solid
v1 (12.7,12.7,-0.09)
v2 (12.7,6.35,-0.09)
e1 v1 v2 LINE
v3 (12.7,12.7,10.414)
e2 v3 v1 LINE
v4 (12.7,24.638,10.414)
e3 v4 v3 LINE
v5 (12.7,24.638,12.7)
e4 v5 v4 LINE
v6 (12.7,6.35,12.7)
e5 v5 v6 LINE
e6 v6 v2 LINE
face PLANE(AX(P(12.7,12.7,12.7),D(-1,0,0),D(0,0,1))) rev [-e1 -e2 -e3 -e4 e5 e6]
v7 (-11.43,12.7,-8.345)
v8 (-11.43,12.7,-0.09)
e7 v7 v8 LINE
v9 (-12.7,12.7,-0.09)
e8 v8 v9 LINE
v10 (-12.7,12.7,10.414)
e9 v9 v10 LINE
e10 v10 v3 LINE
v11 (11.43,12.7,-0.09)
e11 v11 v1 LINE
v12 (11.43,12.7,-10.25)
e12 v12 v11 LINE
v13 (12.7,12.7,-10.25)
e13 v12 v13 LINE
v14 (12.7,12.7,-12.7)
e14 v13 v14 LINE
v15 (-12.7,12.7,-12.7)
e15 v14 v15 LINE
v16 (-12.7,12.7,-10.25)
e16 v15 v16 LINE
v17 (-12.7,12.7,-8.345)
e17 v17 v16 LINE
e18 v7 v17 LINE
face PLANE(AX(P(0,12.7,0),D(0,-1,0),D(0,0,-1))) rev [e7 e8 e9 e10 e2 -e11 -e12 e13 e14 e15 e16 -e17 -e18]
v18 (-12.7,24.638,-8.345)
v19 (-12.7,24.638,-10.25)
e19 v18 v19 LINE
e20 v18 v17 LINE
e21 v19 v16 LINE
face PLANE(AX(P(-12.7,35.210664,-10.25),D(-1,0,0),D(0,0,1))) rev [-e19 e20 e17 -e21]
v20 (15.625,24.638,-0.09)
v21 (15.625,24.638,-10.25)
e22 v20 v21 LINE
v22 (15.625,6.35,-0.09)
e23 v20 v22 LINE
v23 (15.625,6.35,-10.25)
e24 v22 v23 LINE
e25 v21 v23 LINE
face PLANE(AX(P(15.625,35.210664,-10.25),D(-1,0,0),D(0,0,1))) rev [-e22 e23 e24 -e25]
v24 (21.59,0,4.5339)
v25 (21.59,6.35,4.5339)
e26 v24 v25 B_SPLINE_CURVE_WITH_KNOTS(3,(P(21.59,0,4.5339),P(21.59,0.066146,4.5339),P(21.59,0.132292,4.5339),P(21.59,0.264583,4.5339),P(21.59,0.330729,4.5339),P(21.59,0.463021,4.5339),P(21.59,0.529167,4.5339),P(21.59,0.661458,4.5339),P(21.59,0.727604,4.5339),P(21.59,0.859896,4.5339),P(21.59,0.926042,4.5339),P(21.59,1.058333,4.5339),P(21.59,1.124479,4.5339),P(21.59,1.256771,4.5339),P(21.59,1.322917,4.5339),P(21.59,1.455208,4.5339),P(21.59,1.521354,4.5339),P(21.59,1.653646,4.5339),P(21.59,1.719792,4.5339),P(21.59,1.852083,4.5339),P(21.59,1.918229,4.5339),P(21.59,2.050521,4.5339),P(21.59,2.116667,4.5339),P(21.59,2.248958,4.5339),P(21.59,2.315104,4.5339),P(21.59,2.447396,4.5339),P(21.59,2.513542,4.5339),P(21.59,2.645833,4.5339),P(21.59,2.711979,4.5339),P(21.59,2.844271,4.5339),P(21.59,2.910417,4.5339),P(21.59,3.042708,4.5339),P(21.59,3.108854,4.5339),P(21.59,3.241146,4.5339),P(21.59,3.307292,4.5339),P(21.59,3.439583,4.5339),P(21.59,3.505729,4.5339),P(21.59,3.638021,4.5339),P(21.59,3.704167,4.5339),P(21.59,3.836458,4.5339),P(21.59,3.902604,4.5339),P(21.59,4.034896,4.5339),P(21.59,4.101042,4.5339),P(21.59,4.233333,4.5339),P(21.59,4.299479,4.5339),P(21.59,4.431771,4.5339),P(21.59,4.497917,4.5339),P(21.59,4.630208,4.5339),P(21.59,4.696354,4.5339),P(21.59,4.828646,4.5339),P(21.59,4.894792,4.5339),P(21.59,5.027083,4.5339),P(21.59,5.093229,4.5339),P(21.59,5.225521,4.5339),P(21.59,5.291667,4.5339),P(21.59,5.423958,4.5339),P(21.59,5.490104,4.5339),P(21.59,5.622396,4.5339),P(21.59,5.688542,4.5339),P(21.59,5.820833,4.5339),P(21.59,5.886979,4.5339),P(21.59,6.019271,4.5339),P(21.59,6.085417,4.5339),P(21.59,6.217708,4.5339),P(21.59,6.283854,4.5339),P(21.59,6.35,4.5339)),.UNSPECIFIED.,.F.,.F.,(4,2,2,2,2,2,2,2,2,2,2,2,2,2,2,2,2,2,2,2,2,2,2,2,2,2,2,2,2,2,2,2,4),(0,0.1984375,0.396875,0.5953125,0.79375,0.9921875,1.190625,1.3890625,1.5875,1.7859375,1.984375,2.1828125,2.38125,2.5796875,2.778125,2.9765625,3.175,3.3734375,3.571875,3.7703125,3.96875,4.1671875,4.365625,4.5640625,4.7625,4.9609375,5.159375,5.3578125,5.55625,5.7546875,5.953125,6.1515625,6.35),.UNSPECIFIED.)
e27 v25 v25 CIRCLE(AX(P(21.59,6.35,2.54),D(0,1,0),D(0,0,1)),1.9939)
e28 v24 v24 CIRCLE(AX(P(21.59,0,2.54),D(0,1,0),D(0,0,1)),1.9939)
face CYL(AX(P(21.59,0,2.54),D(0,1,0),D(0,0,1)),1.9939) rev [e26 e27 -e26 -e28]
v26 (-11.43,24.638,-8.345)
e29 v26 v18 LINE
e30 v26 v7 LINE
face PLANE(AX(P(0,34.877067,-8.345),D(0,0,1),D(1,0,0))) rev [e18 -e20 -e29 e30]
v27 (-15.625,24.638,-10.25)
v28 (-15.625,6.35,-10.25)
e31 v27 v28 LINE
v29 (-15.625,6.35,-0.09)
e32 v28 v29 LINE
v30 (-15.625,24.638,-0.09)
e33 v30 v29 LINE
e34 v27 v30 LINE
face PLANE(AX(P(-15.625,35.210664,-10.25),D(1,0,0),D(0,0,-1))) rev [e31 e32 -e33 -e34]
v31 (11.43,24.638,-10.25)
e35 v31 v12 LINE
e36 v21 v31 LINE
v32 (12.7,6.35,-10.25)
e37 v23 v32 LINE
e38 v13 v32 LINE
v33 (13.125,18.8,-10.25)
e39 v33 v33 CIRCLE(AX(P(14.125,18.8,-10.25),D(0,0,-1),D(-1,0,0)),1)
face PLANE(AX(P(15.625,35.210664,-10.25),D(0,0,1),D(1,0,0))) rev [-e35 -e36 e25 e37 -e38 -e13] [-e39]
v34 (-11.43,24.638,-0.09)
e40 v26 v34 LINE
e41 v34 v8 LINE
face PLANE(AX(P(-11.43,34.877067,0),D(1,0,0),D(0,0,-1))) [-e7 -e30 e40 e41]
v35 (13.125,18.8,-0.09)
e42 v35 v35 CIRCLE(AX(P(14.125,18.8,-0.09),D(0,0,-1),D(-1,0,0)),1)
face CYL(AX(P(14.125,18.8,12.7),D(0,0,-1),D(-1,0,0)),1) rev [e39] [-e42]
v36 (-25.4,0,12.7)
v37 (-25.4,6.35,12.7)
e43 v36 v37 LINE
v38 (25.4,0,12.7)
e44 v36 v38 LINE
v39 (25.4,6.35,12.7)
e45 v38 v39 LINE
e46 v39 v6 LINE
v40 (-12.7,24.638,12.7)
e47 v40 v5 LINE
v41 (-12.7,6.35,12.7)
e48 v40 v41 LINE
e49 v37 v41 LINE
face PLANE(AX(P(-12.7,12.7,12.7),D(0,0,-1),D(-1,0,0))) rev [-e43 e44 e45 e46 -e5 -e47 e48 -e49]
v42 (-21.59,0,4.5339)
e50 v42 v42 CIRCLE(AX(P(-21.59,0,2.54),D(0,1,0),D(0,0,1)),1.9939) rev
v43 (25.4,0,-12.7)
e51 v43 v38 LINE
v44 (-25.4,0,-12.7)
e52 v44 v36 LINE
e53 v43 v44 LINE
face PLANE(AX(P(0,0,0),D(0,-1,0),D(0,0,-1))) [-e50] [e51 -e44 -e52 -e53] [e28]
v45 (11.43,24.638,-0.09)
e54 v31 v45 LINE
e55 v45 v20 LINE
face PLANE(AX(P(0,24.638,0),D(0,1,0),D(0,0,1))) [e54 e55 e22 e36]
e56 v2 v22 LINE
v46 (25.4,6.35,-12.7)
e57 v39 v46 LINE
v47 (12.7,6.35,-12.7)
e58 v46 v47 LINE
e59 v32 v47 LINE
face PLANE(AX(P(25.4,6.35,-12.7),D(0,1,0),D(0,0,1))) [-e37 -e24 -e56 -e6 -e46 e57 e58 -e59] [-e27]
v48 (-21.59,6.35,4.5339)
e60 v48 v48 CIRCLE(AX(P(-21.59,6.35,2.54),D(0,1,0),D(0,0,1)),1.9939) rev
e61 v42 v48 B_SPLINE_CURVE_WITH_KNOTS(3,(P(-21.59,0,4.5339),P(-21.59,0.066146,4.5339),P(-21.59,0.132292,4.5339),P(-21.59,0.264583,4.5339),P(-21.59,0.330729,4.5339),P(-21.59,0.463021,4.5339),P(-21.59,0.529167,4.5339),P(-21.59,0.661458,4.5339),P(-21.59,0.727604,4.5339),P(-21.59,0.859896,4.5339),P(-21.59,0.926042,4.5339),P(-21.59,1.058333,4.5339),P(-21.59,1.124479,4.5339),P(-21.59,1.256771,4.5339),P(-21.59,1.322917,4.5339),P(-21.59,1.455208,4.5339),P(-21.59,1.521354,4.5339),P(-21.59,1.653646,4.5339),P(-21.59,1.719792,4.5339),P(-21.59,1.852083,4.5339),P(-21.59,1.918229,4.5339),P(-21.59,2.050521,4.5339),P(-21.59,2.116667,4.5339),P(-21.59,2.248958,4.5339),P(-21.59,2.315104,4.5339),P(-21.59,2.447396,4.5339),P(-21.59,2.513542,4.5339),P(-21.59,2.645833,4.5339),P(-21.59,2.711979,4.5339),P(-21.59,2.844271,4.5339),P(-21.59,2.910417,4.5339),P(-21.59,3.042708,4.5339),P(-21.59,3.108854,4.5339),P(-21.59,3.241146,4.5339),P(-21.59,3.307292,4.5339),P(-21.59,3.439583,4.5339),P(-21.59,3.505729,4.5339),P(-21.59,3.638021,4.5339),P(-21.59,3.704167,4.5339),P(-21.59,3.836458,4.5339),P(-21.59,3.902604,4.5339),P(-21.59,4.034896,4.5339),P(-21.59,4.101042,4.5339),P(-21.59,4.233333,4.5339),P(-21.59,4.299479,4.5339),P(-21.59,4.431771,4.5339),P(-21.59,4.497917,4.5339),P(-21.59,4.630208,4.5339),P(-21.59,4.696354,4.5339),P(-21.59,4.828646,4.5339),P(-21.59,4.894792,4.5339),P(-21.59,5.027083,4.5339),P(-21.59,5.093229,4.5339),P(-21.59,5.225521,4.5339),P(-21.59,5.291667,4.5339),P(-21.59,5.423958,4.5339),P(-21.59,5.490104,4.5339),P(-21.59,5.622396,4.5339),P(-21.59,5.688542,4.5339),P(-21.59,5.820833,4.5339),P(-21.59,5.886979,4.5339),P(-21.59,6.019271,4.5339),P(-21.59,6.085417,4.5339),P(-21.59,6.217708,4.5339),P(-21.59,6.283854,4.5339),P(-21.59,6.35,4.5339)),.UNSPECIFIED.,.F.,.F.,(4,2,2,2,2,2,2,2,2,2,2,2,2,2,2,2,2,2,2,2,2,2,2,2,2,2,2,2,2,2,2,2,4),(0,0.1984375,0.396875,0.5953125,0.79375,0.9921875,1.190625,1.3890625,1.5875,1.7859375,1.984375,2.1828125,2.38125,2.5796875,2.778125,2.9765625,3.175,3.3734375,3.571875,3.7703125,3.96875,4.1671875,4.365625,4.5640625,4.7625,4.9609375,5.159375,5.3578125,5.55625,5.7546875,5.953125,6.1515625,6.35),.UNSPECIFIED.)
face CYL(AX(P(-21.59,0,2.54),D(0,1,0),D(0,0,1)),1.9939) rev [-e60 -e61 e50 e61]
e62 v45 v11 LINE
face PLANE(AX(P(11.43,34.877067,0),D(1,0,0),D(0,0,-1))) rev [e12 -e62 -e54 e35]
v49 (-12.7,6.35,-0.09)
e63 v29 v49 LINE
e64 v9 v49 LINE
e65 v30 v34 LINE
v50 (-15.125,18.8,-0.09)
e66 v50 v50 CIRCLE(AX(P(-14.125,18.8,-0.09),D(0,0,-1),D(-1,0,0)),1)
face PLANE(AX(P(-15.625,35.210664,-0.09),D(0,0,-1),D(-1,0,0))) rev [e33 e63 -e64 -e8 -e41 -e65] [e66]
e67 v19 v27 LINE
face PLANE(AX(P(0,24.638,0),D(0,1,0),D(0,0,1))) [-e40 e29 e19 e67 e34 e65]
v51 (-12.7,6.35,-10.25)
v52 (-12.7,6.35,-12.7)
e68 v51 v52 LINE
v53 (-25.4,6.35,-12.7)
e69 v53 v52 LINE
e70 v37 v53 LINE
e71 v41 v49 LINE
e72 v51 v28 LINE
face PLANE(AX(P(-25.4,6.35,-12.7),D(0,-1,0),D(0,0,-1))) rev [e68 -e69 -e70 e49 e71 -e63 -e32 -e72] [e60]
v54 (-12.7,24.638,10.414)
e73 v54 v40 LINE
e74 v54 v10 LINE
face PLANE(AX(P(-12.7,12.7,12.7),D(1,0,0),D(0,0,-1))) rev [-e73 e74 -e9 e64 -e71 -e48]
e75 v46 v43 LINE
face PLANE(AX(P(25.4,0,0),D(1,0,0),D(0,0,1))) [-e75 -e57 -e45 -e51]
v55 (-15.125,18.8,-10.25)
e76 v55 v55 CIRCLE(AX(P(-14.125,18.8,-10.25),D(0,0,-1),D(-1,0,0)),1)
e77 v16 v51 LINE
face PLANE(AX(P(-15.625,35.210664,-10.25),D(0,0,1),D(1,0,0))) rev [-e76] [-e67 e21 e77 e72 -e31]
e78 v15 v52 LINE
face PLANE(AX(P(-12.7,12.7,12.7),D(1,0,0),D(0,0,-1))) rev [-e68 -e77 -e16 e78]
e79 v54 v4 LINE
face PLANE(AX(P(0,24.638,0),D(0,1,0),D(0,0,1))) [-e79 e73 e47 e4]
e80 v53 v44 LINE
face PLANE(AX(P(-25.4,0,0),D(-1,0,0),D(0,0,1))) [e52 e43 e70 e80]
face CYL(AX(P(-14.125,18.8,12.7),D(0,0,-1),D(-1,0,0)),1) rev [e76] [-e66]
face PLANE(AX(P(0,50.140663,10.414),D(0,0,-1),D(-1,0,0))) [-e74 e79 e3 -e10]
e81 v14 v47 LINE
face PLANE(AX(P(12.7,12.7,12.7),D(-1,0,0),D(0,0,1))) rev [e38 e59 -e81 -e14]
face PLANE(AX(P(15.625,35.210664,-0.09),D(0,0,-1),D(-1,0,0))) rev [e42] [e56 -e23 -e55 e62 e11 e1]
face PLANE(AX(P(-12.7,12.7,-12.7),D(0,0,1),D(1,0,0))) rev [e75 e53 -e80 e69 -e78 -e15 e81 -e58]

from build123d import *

# Parameters (mm, degrees)
SKETCH1_W           = 25.4
SKETCH1_H           = 25.4
BOSS_EXTRUDE1_DEPTH = 12.7
SKETCH2_W           = 25.4
SKETCH2_H           = 6.35
BOSS_EXTRUDE2_DEPTH = 12.7
SKETCH6_W           = 2.925
SKETCH6_H           = 10.16
BOSS_EXTRUDE3_DEPTH = 18.288
SKETCH8_W           = 1.27
SKETCH8_H           = 8.255
SKETCH8_H_2         = 10.16
BOSS_EXTRUDE4_DEPTH = 11.938
SKETCH9_W           = 25.4
SKETCH9_H           = 2.286
BOSS_EXTRUDE5_DEPTH = 11.938
SKETCH10_R          = 1.9939
CUT_EXTRUDE1_DEPTH  = 34.777225226
CUT_EXTRUDE2_DEPTH  = 43.17693142


with BuildPart() as part:
    # Sketch1 → Boss-Extrude1 (new body)
    with BuildSketch(Plane(origin=(0, 0, 0), x_dir=(1, 0, 0), z_dir=(0, 1, 0))):
        Rectangle(SKETCH1_W, SKETCH1_H)
    extrude(amount=BOSS_EXTRUDE1_DEPTH)

    # Sketch2 → Boss-Extrude2 (add)
    with BuildSketch(Plane.ZY.offset(12.7)):
        with Locations((0, 3.175)):
            Rectangle(SKETCH2_W, SKETCH2_H)
    boss_extrude2 = extrude(amount=BOSS_EXTRUDE2_DEPTH)

    # Mirror1: Boss-Extrude2 across plane
    add(boss_extrude2.mirror(Plane(origin=(0, 0, 0), x_dir=(0, 0, 1), z_dir=(1, 0, 0))))

    # Sketch6 → Boss-Extrude3 (add)
    with BuildSketch(Plane(origin=(0, 6.35, 0), x_dir=(1, 0, 0), z_dir=(0, 1, 0))):
        with Locations((-14.1625, 5.17)):
            Rectangle(SKETCH6_W, SKETCH6_H)
        with Locations((14.1625, 5.17)):
            Rectangle(SKETCH6_W, SKETCH6_H)
    extrude(amount=BOSS_EXTRUDE3_DEPTH)

    # Sketch8 → Boss-Extrude4 (add)
    with BuildSketch(Plane(origin=(0, 12.7, 0), x_dir=(1, 0, 0), z_dir=(0, 1, 0))):
        with Locations((-12.065, 4.2175)):
            Rectangle(SKETCH8_W, SKETCH8_H)
        with Locations((12.065, 5.17)):
            Rectangle(SKETCH8_W, SKETCH8_H_2)
    extrude(amount=BOSS_EXTRUDE4_DEPTH)

    # Sketch9 → Boss-Extrude5 (add)
    with BuildSketch(Plane(origin=(0, 12.7, 0), x_dir=(1, 0, 0), z_dir=(0, 1, 0))):
        with Locations((0, -11.557)):
            Rectangle(SKETCH9_W, SKETCH9_H)
    extrude(amount=BOSS_EXTRUDE5_DEPTH)

    # Sketch10 → Cut-Extrude1 (cut, through all)
    with BuildSketch(Plane(origin=(0, 6.35, 0), x_dir=(1, 0, 0), z_dir=(0, 1, 0))):
        with Locations(Location((21.59, -2.54, 0), (0, 0, 270))):
            Circle(SKETCH10_R)
        with Locations(Location((-21.59, -2.54, 0), (0, 0, 270))):
            Circle(SKETCH10_R)
    extrude(amount=-CUT_EXTRUDE1_DEPTH, mode=Mode.SUBTRACT)

    # Sketch11 → Cut-Extrude2 (cut, through all)
    with BuildSketch(Plane(origin=(0, 0, -10.25), x_dir=(-1, 0, 0), z_dir=(0, 0, -1))):
        with BuildLine():
            ThreePointArc((15.125, 18.8), (15.090925826, 19.058819045), (14.991025404, 19.3))
            ThreePointArc((14.991025404, 19.3), (13.125, 18.8), (14.991025404, 18.3))
            ThreePointArc((14.991025404, 18.3), (15.090925826, 18.541180955), (15.125, 18.8))
        make_face()
        with BuildLine():
            ThreePointArc((-14.991025404, 19.3), (-15.125, 18.8), (-14.991025404, 18.3))
            ThreePointArc((-14.991025404, 18.3), (-13.866180955, 17.834074174), (-13.125, 18.8))
            ThreePointArc((-13.125, 18.8), (-13.866180955, 19.765925826), (-14.991025404, 19.3))
        make_face()
    extrude(amount=-CUT_EXTRUDE2_DEPTH, mode=Mode.SUBTRACT)


solid = part.part
